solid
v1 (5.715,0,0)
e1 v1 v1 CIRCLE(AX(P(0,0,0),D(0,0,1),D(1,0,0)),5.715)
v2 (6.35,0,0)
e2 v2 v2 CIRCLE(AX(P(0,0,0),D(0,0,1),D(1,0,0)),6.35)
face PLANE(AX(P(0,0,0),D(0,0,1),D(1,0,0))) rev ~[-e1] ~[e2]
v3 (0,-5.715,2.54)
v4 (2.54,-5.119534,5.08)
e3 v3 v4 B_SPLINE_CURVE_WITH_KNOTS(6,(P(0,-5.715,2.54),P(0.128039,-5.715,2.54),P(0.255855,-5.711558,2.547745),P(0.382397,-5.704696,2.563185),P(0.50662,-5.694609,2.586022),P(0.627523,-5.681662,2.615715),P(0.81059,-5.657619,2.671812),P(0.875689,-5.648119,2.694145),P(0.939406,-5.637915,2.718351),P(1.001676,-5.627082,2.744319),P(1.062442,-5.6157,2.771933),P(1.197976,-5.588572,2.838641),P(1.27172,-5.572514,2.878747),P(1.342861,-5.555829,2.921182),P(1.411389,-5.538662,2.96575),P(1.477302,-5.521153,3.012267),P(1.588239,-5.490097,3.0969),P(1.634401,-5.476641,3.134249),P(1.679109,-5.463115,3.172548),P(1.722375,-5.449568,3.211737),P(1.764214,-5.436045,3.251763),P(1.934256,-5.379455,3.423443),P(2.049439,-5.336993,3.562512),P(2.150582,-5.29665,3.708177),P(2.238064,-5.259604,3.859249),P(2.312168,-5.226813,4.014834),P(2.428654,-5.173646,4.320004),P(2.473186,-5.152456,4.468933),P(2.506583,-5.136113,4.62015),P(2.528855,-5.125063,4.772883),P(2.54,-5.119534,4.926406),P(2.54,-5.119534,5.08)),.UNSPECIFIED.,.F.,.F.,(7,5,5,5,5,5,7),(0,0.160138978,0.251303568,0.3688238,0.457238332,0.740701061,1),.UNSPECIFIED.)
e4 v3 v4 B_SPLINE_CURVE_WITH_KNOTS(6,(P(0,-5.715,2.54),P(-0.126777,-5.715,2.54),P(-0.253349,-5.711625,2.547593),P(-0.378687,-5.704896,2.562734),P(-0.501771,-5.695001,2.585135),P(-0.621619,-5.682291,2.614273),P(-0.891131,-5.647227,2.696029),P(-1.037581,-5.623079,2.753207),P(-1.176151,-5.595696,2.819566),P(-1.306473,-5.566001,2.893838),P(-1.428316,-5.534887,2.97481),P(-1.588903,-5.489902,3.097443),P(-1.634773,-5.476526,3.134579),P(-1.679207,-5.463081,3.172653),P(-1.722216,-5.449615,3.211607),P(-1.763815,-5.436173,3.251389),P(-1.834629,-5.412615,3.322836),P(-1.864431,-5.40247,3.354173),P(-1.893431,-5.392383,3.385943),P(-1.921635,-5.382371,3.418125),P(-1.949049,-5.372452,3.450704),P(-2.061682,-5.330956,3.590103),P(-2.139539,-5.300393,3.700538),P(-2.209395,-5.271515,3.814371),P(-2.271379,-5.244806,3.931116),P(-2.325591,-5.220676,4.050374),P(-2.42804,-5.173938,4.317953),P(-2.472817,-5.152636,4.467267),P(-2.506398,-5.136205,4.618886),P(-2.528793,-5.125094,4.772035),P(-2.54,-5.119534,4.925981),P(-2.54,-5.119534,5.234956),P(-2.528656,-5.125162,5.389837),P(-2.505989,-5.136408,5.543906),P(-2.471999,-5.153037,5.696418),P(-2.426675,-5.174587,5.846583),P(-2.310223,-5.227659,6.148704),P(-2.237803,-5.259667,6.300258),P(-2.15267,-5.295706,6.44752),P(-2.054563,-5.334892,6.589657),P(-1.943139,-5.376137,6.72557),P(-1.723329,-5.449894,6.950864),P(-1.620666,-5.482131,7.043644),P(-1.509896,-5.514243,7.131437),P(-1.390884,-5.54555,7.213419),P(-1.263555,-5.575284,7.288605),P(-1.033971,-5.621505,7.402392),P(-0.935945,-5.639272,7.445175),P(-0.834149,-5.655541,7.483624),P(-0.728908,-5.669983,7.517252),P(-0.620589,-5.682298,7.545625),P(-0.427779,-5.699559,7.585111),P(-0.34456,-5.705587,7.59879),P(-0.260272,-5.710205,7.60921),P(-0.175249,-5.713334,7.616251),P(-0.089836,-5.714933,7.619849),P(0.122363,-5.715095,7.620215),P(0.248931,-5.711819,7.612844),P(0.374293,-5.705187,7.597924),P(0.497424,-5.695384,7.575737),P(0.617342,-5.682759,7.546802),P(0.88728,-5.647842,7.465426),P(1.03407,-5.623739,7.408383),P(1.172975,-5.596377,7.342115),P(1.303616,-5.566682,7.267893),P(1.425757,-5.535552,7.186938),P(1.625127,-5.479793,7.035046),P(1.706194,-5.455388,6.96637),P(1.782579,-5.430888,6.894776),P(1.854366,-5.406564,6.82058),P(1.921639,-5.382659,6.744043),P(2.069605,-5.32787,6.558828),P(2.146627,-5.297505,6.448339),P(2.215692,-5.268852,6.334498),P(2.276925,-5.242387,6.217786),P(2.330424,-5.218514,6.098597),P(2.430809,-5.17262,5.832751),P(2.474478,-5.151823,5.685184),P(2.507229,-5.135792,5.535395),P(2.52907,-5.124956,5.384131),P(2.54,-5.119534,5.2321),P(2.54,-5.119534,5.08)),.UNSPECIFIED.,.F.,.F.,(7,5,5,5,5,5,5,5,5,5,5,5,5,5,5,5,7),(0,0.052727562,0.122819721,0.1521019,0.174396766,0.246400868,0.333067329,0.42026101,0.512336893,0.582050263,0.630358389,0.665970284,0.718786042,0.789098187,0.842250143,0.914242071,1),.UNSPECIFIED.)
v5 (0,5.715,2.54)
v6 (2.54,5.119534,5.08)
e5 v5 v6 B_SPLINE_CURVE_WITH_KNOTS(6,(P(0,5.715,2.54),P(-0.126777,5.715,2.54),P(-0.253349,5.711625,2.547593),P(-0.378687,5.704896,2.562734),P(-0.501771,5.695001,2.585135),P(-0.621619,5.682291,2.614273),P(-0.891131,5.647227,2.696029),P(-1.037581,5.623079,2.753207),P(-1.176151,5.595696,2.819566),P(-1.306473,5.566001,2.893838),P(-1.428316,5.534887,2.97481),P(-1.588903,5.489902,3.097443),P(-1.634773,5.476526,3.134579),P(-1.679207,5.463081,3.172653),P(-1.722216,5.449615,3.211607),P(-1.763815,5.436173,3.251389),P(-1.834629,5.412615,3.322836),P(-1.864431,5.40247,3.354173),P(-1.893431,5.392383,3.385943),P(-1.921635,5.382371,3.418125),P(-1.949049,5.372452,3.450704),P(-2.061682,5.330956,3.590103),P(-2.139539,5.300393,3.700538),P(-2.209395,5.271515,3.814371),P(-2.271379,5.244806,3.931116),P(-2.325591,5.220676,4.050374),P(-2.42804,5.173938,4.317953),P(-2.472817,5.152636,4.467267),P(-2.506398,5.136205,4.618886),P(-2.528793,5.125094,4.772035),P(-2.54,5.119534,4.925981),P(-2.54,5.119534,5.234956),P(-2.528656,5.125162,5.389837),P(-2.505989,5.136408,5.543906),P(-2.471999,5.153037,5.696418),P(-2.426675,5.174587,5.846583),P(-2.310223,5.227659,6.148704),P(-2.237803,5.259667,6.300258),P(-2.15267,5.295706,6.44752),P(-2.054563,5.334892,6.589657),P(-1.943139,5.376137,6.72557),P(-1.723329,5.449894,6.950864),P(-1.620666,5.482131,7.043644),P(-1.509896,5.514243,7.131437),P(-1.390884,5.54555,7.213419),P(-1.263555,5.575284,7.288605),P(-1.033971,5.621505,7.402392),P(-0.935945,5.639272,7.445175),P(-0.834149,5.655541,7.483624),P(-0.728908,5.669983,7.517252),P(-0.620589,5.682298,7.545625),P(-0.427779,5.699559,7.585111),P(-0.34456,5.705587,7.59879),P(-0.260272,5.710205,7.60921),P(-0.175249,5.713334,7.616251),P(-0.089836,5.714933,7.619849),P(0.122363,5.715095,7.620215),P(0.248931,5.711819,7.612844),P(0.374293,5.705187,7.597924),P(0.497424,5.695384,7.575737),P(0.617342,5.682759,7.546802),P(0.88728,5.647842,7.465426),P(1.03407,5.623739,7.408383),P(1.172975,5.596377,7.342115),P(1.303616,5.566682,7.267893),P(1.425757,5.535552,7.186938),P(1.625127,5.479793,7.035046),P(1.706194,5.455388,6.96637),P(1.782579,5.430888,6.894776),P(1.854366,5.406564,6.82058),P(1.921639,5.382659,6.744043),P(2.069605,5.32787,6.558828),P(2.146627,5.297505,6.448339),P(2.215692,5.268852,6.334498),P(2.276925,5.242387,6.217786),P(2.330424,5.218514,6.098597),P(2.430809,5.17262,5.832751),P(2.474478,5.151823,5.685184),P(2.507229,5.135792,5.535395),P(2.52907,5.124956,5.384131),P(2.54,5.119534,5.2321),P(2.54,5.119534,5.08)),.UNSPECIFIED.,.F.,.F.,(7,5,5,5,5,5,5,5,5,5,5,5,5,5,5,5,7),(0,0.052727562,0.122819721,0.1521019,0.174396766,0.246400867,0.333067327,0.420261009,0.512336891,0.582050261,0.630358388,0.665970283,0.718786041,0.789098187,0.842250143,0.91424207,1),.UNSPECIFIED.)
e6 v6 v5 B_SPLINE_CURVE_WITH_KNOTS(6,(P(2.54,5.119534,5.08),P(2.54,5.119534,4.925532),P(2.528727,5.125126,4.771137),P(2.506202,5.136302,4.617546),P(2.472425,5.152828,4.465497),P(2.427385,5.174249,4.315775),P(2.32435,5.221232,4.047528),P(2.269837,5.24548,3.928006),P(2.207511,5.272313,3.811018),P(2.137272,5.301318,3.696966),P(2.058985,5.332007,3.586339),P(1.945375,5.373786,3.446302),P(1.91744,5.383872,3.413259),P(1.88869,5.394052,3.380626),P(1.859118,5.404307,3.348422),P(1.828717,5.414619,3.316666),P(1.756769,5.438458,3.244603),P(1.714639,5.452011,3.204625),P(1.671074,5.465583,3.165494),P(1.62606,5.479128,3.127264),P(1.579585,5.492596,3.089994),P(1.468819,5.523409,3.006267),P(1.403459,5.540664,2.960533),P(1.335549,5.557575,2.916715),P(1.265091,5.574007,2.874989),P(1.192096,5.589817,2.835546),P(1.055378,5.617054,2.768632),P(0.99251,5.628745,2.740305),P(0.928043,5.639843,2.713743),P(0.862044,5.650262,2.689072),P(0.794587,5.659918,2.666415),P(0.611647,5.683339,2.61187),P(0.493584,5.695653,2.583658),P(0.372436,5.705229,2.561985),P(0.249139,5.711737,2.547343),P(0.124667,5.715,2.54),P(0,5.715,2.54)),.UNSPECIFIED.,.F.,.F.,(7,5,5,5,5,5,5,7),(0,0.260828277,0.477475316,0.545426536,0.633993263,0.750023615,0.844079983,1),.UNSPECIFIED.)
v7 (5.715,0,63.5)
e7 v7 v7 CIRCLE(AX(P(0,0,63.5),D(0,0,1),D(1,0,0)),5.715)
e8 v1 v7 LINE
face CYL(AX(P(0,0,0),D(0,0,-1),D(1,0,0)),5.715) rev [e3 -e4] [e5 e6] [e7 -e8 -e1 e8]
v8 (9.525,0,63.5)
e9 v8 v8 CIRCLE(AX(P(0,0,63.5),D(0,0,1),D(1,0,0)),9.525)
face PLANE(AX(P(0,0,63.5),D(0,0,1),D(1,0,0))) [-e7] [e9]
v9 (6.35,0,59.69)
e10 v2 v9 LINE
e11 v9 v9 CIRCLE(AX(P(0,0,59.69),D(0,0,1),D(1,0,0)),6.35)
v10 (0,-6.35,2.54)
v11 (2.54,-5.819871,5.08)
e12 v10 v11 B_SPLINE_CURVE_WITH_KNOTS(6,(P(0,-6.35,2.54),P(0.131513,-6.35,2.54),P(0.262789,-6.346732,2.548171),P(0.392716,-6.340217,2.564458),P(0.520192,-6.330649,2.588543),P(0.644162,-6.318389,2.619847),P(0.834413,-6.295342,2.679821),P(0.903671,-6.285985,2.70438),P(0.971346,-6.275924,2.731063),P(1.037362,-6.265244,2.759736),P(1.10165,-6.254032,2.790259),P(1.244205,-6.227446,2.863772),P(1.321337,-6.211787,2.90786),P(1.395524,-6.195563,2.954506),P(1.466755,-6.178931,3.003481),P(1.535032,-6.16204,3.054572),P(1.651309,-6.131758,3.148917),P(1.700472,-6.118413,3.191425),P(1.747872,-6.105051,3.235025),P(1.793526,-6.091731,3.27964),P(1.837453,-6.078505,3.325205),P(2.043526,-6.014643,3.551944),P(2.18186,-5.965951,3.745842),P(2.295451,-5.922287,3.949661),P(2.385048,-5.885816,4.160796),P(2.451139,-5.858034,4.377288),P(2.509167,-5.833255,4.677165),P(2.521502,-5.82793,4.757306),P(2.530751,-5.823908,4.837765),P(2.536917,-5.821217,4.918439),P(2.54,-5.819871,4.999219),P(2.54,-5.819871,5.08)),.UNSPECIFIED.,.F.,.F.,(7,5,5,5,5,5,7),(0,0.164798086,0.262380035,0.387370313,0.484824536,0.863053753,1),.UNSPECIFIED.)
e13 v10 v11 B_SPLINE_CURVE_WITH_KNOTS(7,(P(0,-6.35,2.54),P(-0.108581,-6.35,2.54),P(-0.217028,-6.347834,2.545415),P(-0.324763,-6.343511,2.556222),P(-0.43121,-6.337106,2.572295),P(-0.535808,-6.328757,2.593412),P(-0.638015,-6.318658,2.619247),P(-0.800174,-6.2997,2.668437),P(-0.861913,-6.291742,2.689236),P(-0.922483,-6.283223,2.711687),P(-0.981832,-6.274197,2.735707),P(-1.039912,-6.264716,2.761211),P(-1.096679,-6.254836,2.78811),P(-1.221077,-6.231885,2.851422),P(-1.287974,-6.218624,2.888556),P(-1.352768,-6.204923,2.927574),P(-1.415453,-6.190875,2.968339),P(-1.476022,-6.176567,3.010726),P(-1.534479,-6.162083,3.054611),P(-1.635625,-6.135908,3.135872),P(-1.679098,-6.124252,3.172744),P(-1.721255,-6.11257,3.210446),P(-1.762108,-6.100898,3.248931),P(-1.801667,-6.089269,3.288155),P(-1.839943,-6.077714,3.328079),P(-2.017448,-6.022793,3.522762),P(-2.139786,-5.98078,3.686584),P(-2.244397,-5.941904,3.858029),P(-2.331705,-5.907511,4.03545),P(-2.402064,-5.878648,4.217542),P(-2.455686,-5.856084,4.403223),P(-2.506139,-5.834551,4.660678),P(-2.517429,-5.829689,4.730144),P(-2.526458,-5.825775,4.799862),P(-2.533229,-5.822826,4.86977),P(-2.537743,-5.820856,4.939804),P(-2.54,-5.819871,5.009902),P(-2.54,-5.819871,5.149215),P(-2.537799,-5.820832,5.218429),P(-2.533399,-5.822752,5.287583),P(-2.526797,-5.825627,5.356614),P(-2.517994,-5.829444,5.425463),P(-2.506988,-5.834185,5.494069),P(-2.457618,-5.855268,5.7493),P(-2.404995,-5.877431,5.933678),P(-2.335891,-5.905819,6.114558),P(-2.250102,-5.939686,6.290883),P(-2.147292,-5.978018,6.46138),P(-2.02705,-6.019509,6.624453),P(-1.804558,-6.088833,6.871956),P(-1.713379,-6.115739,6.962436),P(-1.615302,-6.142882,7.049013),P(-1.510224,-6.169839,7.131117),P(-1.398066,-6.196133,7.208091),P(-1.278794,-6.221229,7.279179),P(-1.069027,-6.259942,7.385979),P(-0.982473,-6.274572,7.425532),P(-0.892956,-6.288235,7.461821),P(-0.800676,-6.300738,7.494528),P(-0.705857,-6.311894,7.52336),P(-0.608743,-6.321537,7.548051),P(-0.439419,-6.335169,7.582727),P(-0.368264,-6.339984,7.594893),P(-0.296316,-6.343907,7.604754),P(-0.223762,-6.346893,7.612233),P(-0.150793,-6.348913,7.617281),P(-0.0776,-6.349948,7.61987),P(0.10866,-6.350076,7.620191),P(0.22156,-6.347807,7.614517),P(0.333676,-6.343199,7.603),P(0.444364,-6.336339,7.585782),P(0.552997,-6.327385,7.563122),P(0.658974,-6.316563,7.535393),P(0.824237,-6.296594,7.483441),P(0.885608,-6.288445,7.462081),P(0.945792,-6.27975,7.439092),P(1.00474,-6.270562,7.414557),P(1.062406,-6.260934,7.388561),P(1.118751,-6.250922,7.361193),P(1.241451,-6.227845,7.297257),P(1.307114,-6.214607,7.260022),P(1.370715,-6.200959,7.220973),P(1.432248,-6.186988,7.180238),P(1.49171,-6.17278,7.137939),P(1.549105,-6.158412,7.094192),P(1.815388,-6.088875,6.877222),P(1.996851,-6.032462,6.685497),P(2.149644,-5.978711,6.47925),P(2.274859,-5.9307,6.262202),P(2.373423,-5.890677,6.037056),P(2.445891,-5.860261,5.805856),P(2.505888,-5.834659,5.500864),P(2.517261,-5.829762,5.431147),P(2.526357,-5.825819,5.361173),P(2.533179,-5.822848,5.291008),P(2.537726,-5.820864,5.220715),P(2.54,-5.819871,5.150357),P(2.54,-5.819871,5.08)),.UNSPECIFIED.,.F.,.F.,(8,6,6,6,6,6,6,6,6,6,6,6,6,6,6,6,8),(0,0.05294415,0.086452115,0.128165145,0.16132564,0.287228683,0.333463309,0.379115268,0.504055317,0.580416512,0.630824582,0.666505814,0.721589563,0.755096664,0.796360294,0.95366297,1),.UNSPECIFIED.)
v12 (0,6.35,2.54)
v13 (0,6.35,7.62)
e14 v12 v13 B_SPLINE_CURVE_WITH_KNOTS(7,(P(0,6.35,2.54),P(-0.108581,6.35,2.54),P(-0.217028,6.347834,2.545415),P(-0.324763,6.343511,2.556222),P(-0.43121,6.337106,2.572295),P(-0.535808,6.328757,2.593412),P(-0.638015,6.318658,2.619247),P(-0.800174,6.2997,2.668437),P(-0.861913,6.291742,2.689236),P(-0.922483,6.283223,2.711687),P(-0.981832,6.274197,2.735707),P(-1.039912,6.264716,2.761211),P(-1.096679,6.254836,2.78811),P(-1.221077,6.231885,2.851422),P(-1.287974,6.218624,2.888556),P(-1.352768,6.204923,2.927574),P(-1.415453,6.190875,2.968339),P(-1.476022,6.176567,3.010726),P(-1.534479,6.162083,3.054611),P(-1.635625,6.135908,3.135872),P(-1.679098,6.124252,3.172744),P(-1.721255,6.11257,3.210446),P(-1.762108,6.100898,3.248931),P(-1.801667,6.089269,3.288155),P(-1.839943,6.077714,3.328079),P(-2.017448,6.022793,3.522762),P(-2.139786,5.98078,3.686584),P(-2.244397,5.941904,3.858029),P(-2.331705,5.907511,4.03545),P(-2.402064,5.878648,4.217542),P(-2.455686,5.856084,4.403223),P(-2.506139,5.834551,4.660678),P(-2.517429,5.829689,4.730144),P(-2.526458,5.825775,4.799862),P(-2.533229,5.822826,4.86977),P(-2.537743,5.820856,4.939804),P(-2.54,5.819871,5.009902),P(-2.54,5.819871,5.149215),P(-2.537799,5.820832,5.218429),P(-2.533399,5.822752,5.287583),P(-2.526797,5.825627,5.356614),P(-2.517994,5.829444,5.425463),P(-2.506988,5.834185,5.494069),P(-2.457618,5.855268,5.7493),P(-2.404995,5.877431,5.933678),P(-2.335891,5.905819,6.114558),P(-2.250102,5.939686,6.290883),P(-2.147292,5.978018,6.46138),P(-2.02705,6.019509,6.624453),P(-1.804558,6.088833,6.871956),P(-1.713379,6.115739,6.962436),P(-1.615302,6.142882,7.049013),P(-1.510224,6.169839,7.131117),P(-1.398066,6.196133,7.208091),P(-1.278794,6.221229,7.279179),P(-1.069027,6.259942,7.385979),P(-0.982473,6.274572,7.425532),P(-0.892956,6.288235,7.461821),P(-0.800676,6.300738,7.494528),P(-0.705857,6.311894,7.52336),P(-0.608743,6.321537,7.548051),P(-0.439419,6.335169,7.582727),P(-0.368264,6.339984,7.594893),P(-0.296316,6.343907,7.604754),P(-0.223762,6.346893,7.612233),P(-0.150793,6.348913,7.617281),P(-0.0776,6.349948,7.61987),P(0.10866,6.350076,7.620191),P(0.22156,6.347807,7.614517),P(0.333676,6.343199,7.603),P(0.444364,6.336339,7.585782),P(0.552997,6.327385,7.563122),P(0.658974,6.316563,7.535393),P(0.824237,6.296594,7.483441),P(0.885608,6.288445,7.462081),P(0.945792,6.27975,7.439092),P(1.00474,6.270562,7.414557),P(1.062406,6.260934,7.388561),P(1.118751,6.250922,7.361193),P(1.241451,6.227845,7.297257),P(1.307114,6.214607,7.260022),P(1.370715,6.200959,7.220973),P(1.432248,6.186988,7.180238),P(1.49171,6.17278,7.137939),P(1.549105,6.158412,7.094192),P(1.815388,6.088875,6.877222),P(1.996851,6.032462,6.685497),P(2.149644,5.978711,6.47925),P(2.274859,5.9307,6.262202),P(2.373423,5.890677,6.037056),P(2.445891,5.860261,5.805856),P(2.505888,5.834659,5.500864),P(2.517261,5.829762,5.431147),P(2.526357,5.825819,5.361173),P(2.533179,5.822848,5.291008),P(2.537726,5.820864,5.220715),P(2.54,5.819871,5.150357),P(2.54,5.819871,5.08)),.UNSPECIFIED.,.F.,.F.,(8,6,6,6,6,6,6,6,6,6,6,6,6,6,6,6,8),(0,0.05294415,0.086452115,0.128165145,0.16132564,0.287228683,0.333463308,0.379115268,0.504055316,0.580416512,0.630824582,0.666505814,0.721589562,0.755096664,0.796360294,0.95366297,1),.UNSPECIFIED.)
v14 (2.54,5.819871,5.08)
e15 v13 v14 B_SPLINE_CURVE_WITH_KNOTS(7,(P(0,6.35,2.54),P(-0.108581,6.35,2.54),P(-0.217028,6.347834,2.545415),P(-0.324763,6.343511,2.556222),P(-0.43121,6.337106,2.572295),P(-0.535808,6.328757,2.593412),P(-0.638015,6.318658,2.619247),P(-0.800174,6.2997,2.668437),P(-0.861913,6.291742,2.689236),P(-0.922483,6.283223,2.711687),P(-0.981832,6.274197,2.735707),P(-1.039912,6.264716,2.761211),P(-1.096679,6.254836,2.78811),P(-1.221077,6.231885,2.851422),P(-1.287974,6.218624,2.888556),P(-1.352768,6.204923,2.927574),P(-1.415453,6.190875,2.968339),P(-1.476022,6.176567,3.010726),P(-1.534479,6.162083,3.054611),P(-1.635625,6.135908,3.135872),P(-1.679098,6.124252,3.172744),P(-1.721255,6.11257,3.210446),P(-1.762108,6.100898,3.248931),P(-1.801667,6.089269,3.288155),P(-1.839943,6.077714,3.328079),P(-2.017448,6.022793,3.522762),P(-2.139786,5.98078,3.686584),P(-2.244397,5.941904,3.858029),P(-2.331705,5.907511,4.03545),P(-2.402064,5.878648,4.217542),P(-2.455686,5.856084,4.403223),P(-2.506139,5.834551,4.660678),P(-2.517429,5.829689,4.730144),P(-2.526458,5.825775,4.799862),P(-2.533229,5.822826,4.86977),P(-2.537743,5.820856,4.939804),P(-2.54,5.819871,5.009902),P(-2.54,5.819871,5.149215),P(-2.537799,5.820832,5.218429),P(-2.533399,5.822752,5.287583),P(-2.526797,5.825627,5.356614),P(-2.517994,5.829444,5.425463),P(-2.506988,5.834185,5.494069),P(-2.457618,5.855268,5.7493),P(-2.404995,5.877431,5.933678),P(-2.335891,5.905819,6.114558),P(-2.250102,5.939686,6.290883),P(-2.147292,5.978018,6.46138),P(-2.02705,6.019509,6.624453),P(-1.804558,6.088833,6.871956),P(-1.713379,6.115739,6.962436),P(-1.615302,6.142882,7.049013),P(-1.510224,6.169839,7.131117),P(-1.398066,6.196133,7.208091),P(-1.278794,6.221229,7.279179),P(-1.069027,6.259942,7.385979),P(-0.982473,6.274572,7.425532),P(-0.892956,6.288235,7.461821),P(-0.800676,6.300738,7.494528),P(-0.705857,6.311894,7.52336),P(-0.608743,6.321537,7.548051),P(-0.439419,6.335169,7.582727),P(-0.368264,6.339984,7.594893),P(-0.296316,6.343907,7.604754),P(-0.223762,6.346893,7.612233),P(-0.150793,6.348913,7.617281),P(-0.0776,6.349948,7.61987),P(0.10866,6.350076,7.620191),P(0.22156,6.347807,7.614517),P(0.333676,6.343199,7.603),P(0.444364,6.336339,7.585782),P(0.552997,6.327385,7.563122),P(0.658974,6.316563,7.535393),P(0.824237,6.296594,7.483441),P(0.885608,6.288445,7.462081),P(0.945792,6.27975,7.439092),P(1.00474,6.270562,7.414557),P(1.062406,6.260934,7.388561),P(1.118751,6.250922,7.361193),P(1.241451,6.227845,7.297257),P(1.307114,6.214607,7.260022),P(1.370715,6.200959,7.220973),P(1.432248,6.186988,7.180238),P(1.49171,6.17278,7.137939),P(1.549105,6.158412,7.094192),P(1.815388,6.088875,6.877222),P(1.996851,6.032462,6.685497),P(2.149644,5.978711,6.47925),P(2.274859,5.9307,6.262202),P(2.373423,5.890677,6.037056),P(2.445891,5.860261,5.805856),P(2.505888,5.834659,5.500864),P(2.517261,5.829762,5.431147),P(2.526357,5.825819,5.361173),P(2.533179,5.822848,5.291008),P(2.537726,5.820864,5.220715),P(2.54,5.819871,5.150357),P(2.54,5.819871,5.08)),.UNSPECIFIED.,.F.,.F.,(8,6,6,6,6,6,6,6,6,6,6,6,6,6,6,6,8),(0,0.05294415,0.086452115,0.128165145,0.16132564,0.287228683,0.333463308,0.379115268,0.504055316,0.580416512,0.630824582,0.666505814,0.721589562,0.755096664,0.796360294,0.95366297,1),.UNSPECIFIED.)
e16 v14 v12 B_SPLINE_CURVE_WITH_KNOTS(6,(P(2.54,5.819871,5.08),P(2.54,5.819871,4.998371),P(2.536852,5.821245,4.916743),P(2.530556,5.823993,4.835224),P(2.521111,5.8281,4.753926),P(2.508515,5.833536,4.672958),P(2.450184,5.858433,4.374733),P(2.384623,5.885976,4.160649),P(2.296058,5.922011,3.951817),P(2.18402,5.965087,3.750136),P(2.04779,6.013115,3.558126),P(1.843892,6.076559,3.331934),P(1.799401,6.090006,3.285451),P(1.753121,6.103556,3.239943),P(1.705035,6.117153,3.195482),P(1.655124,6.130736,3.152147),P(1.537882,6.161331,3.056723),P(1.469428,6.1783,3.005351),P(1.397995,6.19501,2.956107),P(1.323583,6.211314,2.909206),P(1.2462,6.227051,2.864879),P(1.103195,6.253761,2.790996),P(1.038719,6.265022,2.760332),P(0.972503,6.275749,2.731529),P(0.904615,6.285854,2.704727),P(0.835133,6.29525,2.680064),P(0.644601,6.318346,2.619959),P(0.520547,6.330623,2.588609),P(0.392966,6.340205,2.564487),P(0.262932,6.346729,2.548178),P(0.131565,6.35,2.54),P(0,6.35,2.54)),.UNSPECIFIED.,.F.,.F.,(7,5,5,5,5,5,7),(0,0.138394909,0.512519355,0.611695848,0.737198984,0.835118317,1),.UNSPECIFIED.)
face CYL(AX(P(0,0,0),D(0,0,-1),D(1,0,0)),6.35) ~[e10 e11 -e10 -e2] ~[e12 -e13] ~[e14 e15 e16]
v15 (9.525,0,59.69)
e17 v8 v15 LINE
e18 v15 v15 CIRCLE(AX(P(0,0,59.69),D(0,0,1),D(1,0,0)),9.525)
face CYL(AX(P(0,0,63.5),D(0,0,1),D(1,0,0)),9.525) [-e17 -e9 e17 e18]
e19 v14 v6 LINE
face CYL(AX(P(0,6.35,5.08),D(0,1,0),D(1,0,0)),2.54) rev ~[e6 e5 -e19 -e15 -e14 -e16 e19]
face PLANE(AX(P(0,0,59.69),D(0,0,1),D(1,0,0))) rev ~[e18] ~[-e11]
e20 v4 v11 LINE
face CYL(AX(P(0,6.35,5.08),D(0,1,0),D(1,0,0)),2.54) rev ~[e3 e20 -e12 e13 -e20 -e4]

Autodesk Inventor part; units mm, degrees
ref_plane "YZ Plane" through (0, 0, 0) normal (1, 0, 0) x (0, 1, 0)
ref_plane "XZ Plane" through (0, 0, 0) normal (0, 1, 0) x (-1, 0, 0)
sketch "Sketch1" plane through (0, 0, 0) normal (0, 0, 1) x (1, 0, 0)
  circle A0 centre (0, 0) radius 6.35
  circle A1 centre (0, 0) radius 5.715
  dimension "d0" = 12.7
  dimension "d1" = 11.43
extrude "Extrusion1" add sketch "Sketch1" along normal blind 63.5
sketch "Sketch2" plane through (0, 0, 63.5) normal (0, 0, 1) x (1, 0, 0)
  circle A0 centre (0, 0) radius 6.35 projected
  circle A1 centre (0, 0) radius 9.525
  dimension "d4" = 19.05
extrude "Extrusion2" add sketch "Sketch2" against normal blind 3.81
sketch "Sketch3" plane through (0, 0, 0) normal (0, 0, -1) x (-1, 0, 0)
  circle A0 centre (0, 0) radius 5.715 projected
  circle A1 centre (0, 0) radius 6.35 projected
  line L0 (0, 0) -> (-6.35, 0)
ref_plane "Work Plane2" through (0, 6.35, 0) normal (0, 1, 0) x (1, 0, 0)
ref_plane "Work Plane1" through (0, 0, 0) normal (0, 1, 0) x (1, 0, 0)
sketch "Sketch4" plane through (0, 6.35, 0) normal (0, 1, 0) x (1, 0, 0)
  line L0 (0, 0) -> (0, -5.08)
  circle A0 centre (0, -5.08) radius 2.54
  dimension "d9" = 5.08
  dimension "d10" = 5.08
extrude "Extrusion3" cut sketch "Sketch4" against normal blind 50.8
properties part number "LongPin" material "Steel"
